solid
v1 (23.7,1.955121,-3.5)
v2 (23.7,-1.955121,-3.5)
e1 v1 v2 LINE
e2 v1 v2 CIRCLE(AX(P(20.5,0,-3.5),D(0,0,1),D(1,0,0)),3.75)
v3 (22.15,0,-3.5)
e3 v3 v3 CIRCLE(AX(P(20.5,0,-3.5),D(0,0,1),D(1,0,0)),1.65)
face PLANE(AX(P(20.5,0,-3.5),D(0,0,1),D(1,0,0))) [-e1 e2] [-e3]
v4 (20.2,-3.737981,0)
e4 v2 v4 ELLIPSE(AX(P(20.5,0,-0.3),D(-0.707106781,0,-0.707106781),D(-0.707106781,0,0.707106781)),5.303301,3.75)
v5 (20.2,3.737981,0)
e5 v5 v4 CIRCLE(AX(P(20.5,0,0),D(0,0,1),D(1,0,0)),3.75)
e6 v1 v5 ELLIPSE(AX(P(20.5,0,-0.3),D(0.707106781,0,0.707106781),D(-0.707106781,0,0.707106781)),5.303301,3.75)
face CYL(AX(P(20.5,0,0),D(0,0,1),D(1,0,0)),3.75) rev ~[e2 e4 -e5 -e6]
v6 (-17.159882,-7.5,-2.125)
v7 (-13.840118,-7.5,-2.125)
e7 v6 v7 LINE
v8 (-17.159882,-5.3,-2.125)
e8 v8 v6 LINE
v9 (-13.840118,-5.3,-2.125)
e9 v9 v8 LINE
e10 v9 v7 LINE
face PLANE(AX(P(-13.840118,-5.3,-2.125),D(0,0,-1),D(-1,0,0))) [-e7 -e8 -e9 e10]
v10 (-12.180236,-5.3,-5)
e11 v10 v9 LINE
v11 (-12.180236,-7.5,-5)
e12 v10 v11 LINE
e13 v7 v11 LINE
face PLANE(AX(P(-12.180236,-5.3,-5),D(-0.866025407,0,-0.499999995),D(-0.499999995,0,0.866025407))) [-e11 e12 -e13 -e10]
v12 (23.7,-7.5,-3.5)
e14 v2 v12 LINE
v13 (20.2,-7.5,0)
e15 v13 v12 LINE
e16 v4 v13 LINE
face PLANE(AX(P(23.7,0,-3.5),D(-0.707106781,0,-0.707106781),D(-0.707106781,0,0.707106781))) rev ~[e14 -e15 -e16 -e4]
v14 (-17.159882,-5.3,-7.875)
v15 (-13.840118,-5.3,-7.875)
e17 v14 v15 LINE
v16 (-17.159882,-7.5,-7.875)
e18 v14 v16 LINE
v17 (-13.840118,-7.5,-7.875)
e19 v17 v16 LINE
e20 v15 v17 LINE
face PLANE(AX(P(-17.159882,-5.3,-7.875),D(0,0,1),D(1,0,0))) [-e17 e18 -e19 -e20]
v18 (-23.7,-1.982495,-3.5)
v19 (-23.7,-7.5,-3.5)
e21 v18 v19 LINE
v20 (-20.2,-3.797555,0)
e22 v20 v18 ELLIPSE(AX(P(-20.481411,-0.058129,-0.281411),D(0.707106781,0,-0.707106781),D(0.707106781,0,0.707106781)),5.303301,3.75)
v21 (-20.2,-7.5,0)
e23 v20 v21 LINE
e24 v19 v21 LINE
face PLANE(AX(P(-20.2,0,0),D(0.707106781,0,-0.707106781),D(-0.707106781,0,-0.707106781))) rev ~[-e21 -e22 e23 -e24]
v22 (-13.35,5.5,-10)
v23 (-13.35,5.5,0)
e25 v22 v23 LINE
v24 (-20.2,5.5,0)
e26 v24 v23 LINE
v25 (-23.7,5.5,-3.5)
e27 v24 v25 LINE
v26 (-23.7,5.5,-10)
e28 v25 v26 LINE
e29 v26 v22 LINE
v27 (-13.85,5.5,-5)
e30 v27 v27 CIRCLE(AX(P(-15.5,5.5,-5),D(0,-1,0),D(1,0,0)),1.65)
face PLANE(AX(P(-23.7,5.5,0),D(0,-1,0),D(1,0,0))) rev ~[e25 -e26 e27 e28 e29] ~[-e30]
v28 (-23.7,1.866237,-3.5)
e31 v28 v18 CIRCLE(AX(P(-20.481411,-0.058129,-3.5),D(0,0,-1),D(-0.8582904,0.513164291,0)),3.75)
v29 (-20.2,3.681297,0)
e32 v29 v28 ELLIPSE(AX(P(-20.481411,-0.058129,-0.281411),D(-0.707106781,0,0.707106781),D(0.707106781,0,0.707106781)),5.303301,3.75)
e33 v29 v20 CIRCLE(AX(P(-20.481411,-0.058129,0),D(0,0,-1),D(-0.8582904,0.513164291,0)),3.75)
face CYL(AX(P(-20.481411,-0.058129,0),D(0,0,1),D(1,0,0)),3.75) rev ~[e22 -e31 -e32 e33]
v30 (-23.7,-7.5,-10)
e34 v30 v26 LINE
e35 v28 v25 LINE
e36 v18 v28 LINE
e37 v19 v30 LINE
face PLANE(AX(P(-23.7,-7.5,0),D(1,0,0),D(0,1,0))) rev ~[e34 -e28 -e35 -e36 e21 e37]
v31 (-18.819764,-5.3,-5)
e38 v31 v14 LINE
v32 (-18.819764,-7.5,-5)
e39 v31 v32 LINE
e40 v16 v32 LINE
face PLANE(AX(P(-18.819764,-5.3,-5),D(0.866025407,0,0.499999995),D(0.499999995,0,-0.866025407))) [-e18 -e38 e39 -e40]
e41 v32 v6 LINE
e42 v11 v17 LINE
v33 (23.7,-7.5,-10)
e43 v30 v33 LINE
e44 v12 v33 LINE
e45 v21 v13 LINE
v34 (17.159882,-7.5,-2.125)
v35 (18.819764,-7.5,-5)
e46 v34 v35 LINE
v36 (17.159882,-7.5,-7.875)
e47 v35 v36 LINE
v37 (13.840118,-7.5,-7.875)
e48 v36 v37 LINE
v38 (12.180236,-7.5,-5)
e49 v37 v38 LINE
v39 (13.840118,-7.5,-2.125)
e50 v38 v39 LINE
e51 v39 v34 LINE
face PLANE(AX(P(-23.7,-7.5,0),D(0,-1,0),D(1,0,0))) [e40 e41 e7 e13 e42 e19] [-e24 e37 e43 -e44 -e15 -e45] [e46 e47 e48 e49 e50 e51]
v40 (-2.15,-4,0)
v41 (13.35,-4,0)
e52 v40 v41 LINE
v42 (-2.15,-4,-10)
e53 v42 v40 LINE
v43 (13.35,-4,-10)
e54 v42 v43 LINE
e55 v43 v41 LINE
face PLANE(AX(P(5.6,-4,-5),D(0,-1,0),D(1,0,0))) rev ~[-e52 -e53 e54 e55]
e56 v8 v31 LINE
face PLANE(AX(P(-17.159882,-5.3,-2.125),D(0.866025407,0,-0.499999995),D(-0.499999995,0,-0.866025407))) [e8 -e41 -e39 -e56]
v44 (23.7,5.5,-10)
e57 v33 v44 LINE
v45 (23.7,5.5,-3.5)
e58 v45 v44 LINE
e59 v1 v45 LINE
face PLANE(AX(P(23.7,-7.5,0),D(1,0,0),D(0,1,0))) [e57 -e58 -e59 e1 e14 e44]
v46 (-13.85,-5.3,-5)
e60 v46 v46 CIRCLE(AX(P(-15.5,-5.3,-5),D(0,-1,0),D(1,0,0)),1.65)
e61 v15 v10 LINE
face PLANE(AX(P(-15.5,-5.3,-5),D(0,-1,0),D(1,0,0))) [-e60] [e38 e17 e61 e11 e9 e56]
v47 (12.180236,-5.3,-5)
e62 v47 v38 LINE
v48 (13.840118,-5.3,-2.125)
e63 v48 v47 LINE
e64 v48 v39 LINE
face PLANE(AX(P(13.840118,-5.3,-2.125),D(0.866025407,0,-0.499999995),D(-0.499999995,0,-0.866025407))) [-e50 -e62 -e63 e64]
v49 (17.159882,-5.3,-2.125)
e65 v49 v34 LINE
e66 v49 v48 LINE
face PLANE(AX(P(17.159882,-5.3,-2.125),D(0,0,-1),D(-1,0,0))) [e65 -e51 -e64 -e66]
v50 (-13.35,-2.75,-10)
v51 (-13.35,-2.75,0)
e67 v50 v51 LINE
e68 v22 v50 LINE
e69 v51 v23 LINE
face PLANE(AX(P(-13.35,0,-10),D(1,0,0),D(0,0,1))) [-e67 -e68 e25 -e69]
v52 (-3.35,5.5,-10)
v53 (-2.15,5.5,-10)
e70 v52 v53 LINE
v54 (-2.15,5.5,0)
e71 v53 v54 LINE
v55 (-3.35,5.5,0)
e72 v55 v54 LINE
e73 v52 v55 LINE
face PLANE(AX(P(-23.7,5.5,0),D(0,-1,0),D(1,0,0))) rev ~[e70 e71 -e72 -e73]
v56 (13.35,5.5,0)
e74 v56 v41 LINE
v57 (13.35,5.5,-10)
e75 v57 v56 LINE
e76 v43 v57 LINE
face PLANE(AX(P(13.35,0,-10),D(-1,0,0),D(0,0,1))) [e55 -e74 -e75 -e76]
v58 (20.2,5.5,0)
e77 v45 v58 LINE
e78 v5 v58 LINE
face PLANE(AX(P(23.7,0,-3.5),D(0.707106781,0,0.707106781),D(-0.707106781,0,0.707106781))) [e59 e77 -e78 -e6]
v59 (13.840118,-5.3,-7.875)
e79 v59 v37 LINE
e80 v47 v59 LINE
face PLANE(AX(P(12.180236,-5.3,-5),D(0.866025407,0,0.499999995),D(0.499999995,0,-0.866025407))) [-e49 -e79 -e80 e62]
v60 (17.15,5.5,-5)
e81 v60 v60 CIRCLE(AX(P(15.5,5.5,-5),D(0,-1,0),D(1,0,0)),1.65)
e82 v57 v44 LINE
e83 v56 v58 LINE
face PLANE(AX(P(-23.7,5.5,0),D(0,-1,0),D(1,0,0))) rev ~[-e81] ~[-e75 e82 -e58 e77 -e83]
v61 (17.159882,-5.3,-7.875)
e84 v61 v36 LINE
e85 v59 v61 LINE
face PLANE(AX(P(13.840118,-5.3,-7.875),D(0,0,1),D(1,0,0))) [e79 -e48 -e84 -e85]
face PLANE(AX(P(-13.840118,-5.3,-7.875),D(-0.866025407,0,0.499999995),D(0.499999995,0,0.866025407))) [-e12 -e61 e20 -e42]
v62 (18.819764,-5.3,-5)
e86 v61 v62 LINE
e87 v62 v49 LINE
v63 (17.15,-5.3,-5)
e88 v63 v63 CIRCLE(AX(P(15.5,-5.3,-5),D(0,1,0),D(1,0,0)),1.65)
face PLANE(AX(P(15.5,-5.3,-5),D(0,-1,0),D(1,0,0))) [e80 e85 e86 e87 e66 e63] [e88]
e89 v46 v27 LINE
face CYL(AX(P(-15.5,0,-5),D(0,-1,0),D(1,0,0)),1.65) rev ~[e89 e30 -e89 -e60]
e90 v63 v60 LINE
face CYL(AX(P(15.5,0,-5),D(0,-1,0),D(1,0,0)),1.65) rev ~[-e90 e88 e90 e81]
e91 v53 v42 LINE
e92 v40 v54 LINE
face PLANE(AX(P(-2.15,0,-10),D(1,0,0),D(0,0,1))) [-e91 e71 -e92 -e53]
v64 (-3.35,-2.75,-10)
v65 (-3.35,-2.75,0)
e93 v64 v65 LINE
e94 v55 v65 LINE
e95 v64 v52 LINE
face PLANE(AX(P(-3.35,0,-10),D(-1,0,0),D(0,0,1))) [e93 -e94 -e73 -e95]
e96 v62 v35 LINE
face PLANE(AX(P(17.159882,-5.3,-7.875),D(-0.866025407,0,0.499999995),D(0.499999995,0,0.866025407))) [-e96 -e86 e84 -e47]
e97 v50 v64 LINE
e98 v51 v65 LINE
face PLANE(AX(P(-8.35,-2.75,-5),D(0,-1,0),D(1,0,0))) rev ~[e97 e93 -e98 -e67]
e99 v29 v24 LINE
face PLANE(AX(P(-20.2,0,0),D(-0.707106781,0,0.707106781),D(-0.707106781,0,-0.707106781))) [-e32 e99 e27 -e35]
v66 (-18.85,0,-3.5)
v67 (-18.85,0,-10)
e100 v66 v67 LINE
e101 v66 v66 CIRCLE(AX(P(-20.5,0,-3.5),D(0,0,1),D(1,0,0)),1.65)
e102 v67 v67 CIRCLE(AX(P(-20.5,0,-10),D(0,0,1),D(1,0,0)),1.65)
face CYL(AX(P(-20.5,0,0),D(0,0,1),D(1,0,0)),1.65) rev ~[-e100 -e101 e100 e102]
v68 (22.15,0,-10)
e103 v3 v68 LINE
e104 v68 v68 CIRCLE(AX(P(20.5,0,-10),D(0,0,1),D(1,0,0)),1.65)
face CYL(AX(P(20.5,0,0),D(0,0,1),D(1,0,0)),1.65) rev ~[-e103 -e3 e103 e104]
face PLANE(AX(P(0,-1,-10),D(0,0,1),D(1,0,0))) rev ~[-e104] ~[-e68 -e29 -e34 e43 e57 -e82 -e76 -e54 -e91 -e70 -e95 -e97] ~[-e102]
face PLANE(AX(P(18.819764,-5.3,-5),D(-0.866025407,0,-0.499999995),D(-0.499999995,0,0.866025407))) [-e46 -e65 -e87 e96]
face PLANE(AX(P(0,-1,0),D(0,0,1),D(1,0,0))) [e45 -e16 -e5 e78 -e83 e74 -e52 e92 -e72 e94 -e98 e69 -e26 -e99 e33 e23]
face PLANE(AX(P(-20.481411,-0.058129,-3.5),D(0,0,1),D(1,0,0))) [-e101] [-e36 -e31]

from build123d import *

# Parameters (mm, degrees)
SKETCH_W             = 47.4
SKETCH_H             = 13
SKETCH_R             = 1.65
PAD_DEPTH            = 10
SKETCH001_R          = 3.75
POCKET_DEPTH         = 3.5
SKETCH002_W          = 15.5
SKETCH002_H          = 10
POCKET001_DEPTH      = 100
POCKET001_DEPTH_BACK = -4
SKETCH003_R          = 1.65
POCKET002_DEPTH      = 5.501
POCKET002_DEPTH_BACK = -7.501
POCKET003_DEPTH      = 5.501
POCKET003_DEPTH_BACK = -7.501
POCKET004_DEPTH      = 2.201
SKETCH006_W          = 10
SKETCH006_H          = 10
POCKET005_DEPTH      = 100
POCKET005_DEPTH_BACK = -2.75


with BuildPart() as part:
    # Sketch → Pad (new body)
    with BuildSketch(Plane.XY):
        with Locations((0, -1)):
            Rectangle(SKETCH_W, SKETCH_H)
        with Locations((-20.5, 0)):
            Circle(SKETCH_R, mode=Mode.SUBTRACT)
        with Locations((20.5, 0)):
            Circle(SKETCH_R, mode=Mode.SUBTRACT)
    extrude(amount=-PAD_DEPTH)

    # Sketch001 → Pocket (cut)
    with BuildSketch(Plane.XY):
        with Locations((-20.481411, -0.058129)):
            Circle(SKETCH001_R)
        with Locations((20.5, 0)):
            Circle(SKETCH001_R)
    extrude(amount=-POCKET_DEPTH, mode=Mode.SUBTRACT)

    # Sketch002 → Pocket001 (cut, two sides)
    with BuildSketch(Plane.XZ) as pocket001_sk:
        with Locations((5.6, -5)):
            Rectangle(SKETCH002_W, SKETCH002_H)
    extrude(amount=-POCKET001_DEPTH, mode=Mode.SUBTRACT)
    extrude(pocket001_sk.sketch, amount=-POCKET001_DEPTH_BACK, mode=Mode.SUBTRACT)

    # Sketch003 → Pocket002 (cut, two sides)
    with BuildSketch(Plane.XZ) as pocket002_sk:
        with Locations((-15.5, -5)):
            Circle(SKETCH003_R)
        with Locations((15.5, -5)):
            Circle(SKETCH003_R)
    extrude(amount=-POCKET002_DEPTH, mode=Mode.SUBTRACT)
    extrude(pocket002_sk.sketch, amount=-POCKET002_DEPTH_BACK, mode=Mode.SUBTRACT)

    # Sketch004 → Pocket003 (cut, two sides)
    with BuildSketch(Plane.XZ) as pocket003_sk:
        Polygon((-20.2, 0), (-23.7, -3.5), (-23.7, 0), align=None)
        Polygon((20.2, 0), (23.7, 0), (23.7, -3.5), align=None)
    extrude(amount=-POCKET003_DEPTH, mode=Mode.SUBTRACT)
    extrude(pocket003_sk.sketch, amount=-POCKET003_DEPTH_BACK, mode=Mode.SUBTRACT)

    # Sketch005 (on DatumPlane) → Pocket004 (cut, through all)
    with BuildSketch(Plane.XZ.offset(5.3)):
        Polygon((-13.840118, -7.875), (-12.180236, -5), (-13.840118, -2.125), (-17.159882, -2.125), (-18.819764, -5), (-17.159882, -7.875), align=None)
        Polygon((17.159882, -7.875), (18.819764, -5), (17.159882, -2.125), (13.840118, -2.125), (12.180236, -5), (13.840118, -7.875), align=None)
    extrude(amount=POCKET004_DEPTH, mode=Mode.SUBTRACT)

    # Sketch006 → Pocket005 (cut, two sides)
    with BuildSketch(Plane.XZ) as pocket005_sk:
        with Locations((-8.35, -5)):
            Rectangle(SKETCH006_W, SKETCH006_H)
    extrude(amount=-POCKET005_DEPTH, mode=Mode.SUBTRACT)
    extrude(pocket005_sk.sketch, amount=-POCKET005_DEPTH_BACK, mode=Mode.SUBTRACT)


solid = part.part
